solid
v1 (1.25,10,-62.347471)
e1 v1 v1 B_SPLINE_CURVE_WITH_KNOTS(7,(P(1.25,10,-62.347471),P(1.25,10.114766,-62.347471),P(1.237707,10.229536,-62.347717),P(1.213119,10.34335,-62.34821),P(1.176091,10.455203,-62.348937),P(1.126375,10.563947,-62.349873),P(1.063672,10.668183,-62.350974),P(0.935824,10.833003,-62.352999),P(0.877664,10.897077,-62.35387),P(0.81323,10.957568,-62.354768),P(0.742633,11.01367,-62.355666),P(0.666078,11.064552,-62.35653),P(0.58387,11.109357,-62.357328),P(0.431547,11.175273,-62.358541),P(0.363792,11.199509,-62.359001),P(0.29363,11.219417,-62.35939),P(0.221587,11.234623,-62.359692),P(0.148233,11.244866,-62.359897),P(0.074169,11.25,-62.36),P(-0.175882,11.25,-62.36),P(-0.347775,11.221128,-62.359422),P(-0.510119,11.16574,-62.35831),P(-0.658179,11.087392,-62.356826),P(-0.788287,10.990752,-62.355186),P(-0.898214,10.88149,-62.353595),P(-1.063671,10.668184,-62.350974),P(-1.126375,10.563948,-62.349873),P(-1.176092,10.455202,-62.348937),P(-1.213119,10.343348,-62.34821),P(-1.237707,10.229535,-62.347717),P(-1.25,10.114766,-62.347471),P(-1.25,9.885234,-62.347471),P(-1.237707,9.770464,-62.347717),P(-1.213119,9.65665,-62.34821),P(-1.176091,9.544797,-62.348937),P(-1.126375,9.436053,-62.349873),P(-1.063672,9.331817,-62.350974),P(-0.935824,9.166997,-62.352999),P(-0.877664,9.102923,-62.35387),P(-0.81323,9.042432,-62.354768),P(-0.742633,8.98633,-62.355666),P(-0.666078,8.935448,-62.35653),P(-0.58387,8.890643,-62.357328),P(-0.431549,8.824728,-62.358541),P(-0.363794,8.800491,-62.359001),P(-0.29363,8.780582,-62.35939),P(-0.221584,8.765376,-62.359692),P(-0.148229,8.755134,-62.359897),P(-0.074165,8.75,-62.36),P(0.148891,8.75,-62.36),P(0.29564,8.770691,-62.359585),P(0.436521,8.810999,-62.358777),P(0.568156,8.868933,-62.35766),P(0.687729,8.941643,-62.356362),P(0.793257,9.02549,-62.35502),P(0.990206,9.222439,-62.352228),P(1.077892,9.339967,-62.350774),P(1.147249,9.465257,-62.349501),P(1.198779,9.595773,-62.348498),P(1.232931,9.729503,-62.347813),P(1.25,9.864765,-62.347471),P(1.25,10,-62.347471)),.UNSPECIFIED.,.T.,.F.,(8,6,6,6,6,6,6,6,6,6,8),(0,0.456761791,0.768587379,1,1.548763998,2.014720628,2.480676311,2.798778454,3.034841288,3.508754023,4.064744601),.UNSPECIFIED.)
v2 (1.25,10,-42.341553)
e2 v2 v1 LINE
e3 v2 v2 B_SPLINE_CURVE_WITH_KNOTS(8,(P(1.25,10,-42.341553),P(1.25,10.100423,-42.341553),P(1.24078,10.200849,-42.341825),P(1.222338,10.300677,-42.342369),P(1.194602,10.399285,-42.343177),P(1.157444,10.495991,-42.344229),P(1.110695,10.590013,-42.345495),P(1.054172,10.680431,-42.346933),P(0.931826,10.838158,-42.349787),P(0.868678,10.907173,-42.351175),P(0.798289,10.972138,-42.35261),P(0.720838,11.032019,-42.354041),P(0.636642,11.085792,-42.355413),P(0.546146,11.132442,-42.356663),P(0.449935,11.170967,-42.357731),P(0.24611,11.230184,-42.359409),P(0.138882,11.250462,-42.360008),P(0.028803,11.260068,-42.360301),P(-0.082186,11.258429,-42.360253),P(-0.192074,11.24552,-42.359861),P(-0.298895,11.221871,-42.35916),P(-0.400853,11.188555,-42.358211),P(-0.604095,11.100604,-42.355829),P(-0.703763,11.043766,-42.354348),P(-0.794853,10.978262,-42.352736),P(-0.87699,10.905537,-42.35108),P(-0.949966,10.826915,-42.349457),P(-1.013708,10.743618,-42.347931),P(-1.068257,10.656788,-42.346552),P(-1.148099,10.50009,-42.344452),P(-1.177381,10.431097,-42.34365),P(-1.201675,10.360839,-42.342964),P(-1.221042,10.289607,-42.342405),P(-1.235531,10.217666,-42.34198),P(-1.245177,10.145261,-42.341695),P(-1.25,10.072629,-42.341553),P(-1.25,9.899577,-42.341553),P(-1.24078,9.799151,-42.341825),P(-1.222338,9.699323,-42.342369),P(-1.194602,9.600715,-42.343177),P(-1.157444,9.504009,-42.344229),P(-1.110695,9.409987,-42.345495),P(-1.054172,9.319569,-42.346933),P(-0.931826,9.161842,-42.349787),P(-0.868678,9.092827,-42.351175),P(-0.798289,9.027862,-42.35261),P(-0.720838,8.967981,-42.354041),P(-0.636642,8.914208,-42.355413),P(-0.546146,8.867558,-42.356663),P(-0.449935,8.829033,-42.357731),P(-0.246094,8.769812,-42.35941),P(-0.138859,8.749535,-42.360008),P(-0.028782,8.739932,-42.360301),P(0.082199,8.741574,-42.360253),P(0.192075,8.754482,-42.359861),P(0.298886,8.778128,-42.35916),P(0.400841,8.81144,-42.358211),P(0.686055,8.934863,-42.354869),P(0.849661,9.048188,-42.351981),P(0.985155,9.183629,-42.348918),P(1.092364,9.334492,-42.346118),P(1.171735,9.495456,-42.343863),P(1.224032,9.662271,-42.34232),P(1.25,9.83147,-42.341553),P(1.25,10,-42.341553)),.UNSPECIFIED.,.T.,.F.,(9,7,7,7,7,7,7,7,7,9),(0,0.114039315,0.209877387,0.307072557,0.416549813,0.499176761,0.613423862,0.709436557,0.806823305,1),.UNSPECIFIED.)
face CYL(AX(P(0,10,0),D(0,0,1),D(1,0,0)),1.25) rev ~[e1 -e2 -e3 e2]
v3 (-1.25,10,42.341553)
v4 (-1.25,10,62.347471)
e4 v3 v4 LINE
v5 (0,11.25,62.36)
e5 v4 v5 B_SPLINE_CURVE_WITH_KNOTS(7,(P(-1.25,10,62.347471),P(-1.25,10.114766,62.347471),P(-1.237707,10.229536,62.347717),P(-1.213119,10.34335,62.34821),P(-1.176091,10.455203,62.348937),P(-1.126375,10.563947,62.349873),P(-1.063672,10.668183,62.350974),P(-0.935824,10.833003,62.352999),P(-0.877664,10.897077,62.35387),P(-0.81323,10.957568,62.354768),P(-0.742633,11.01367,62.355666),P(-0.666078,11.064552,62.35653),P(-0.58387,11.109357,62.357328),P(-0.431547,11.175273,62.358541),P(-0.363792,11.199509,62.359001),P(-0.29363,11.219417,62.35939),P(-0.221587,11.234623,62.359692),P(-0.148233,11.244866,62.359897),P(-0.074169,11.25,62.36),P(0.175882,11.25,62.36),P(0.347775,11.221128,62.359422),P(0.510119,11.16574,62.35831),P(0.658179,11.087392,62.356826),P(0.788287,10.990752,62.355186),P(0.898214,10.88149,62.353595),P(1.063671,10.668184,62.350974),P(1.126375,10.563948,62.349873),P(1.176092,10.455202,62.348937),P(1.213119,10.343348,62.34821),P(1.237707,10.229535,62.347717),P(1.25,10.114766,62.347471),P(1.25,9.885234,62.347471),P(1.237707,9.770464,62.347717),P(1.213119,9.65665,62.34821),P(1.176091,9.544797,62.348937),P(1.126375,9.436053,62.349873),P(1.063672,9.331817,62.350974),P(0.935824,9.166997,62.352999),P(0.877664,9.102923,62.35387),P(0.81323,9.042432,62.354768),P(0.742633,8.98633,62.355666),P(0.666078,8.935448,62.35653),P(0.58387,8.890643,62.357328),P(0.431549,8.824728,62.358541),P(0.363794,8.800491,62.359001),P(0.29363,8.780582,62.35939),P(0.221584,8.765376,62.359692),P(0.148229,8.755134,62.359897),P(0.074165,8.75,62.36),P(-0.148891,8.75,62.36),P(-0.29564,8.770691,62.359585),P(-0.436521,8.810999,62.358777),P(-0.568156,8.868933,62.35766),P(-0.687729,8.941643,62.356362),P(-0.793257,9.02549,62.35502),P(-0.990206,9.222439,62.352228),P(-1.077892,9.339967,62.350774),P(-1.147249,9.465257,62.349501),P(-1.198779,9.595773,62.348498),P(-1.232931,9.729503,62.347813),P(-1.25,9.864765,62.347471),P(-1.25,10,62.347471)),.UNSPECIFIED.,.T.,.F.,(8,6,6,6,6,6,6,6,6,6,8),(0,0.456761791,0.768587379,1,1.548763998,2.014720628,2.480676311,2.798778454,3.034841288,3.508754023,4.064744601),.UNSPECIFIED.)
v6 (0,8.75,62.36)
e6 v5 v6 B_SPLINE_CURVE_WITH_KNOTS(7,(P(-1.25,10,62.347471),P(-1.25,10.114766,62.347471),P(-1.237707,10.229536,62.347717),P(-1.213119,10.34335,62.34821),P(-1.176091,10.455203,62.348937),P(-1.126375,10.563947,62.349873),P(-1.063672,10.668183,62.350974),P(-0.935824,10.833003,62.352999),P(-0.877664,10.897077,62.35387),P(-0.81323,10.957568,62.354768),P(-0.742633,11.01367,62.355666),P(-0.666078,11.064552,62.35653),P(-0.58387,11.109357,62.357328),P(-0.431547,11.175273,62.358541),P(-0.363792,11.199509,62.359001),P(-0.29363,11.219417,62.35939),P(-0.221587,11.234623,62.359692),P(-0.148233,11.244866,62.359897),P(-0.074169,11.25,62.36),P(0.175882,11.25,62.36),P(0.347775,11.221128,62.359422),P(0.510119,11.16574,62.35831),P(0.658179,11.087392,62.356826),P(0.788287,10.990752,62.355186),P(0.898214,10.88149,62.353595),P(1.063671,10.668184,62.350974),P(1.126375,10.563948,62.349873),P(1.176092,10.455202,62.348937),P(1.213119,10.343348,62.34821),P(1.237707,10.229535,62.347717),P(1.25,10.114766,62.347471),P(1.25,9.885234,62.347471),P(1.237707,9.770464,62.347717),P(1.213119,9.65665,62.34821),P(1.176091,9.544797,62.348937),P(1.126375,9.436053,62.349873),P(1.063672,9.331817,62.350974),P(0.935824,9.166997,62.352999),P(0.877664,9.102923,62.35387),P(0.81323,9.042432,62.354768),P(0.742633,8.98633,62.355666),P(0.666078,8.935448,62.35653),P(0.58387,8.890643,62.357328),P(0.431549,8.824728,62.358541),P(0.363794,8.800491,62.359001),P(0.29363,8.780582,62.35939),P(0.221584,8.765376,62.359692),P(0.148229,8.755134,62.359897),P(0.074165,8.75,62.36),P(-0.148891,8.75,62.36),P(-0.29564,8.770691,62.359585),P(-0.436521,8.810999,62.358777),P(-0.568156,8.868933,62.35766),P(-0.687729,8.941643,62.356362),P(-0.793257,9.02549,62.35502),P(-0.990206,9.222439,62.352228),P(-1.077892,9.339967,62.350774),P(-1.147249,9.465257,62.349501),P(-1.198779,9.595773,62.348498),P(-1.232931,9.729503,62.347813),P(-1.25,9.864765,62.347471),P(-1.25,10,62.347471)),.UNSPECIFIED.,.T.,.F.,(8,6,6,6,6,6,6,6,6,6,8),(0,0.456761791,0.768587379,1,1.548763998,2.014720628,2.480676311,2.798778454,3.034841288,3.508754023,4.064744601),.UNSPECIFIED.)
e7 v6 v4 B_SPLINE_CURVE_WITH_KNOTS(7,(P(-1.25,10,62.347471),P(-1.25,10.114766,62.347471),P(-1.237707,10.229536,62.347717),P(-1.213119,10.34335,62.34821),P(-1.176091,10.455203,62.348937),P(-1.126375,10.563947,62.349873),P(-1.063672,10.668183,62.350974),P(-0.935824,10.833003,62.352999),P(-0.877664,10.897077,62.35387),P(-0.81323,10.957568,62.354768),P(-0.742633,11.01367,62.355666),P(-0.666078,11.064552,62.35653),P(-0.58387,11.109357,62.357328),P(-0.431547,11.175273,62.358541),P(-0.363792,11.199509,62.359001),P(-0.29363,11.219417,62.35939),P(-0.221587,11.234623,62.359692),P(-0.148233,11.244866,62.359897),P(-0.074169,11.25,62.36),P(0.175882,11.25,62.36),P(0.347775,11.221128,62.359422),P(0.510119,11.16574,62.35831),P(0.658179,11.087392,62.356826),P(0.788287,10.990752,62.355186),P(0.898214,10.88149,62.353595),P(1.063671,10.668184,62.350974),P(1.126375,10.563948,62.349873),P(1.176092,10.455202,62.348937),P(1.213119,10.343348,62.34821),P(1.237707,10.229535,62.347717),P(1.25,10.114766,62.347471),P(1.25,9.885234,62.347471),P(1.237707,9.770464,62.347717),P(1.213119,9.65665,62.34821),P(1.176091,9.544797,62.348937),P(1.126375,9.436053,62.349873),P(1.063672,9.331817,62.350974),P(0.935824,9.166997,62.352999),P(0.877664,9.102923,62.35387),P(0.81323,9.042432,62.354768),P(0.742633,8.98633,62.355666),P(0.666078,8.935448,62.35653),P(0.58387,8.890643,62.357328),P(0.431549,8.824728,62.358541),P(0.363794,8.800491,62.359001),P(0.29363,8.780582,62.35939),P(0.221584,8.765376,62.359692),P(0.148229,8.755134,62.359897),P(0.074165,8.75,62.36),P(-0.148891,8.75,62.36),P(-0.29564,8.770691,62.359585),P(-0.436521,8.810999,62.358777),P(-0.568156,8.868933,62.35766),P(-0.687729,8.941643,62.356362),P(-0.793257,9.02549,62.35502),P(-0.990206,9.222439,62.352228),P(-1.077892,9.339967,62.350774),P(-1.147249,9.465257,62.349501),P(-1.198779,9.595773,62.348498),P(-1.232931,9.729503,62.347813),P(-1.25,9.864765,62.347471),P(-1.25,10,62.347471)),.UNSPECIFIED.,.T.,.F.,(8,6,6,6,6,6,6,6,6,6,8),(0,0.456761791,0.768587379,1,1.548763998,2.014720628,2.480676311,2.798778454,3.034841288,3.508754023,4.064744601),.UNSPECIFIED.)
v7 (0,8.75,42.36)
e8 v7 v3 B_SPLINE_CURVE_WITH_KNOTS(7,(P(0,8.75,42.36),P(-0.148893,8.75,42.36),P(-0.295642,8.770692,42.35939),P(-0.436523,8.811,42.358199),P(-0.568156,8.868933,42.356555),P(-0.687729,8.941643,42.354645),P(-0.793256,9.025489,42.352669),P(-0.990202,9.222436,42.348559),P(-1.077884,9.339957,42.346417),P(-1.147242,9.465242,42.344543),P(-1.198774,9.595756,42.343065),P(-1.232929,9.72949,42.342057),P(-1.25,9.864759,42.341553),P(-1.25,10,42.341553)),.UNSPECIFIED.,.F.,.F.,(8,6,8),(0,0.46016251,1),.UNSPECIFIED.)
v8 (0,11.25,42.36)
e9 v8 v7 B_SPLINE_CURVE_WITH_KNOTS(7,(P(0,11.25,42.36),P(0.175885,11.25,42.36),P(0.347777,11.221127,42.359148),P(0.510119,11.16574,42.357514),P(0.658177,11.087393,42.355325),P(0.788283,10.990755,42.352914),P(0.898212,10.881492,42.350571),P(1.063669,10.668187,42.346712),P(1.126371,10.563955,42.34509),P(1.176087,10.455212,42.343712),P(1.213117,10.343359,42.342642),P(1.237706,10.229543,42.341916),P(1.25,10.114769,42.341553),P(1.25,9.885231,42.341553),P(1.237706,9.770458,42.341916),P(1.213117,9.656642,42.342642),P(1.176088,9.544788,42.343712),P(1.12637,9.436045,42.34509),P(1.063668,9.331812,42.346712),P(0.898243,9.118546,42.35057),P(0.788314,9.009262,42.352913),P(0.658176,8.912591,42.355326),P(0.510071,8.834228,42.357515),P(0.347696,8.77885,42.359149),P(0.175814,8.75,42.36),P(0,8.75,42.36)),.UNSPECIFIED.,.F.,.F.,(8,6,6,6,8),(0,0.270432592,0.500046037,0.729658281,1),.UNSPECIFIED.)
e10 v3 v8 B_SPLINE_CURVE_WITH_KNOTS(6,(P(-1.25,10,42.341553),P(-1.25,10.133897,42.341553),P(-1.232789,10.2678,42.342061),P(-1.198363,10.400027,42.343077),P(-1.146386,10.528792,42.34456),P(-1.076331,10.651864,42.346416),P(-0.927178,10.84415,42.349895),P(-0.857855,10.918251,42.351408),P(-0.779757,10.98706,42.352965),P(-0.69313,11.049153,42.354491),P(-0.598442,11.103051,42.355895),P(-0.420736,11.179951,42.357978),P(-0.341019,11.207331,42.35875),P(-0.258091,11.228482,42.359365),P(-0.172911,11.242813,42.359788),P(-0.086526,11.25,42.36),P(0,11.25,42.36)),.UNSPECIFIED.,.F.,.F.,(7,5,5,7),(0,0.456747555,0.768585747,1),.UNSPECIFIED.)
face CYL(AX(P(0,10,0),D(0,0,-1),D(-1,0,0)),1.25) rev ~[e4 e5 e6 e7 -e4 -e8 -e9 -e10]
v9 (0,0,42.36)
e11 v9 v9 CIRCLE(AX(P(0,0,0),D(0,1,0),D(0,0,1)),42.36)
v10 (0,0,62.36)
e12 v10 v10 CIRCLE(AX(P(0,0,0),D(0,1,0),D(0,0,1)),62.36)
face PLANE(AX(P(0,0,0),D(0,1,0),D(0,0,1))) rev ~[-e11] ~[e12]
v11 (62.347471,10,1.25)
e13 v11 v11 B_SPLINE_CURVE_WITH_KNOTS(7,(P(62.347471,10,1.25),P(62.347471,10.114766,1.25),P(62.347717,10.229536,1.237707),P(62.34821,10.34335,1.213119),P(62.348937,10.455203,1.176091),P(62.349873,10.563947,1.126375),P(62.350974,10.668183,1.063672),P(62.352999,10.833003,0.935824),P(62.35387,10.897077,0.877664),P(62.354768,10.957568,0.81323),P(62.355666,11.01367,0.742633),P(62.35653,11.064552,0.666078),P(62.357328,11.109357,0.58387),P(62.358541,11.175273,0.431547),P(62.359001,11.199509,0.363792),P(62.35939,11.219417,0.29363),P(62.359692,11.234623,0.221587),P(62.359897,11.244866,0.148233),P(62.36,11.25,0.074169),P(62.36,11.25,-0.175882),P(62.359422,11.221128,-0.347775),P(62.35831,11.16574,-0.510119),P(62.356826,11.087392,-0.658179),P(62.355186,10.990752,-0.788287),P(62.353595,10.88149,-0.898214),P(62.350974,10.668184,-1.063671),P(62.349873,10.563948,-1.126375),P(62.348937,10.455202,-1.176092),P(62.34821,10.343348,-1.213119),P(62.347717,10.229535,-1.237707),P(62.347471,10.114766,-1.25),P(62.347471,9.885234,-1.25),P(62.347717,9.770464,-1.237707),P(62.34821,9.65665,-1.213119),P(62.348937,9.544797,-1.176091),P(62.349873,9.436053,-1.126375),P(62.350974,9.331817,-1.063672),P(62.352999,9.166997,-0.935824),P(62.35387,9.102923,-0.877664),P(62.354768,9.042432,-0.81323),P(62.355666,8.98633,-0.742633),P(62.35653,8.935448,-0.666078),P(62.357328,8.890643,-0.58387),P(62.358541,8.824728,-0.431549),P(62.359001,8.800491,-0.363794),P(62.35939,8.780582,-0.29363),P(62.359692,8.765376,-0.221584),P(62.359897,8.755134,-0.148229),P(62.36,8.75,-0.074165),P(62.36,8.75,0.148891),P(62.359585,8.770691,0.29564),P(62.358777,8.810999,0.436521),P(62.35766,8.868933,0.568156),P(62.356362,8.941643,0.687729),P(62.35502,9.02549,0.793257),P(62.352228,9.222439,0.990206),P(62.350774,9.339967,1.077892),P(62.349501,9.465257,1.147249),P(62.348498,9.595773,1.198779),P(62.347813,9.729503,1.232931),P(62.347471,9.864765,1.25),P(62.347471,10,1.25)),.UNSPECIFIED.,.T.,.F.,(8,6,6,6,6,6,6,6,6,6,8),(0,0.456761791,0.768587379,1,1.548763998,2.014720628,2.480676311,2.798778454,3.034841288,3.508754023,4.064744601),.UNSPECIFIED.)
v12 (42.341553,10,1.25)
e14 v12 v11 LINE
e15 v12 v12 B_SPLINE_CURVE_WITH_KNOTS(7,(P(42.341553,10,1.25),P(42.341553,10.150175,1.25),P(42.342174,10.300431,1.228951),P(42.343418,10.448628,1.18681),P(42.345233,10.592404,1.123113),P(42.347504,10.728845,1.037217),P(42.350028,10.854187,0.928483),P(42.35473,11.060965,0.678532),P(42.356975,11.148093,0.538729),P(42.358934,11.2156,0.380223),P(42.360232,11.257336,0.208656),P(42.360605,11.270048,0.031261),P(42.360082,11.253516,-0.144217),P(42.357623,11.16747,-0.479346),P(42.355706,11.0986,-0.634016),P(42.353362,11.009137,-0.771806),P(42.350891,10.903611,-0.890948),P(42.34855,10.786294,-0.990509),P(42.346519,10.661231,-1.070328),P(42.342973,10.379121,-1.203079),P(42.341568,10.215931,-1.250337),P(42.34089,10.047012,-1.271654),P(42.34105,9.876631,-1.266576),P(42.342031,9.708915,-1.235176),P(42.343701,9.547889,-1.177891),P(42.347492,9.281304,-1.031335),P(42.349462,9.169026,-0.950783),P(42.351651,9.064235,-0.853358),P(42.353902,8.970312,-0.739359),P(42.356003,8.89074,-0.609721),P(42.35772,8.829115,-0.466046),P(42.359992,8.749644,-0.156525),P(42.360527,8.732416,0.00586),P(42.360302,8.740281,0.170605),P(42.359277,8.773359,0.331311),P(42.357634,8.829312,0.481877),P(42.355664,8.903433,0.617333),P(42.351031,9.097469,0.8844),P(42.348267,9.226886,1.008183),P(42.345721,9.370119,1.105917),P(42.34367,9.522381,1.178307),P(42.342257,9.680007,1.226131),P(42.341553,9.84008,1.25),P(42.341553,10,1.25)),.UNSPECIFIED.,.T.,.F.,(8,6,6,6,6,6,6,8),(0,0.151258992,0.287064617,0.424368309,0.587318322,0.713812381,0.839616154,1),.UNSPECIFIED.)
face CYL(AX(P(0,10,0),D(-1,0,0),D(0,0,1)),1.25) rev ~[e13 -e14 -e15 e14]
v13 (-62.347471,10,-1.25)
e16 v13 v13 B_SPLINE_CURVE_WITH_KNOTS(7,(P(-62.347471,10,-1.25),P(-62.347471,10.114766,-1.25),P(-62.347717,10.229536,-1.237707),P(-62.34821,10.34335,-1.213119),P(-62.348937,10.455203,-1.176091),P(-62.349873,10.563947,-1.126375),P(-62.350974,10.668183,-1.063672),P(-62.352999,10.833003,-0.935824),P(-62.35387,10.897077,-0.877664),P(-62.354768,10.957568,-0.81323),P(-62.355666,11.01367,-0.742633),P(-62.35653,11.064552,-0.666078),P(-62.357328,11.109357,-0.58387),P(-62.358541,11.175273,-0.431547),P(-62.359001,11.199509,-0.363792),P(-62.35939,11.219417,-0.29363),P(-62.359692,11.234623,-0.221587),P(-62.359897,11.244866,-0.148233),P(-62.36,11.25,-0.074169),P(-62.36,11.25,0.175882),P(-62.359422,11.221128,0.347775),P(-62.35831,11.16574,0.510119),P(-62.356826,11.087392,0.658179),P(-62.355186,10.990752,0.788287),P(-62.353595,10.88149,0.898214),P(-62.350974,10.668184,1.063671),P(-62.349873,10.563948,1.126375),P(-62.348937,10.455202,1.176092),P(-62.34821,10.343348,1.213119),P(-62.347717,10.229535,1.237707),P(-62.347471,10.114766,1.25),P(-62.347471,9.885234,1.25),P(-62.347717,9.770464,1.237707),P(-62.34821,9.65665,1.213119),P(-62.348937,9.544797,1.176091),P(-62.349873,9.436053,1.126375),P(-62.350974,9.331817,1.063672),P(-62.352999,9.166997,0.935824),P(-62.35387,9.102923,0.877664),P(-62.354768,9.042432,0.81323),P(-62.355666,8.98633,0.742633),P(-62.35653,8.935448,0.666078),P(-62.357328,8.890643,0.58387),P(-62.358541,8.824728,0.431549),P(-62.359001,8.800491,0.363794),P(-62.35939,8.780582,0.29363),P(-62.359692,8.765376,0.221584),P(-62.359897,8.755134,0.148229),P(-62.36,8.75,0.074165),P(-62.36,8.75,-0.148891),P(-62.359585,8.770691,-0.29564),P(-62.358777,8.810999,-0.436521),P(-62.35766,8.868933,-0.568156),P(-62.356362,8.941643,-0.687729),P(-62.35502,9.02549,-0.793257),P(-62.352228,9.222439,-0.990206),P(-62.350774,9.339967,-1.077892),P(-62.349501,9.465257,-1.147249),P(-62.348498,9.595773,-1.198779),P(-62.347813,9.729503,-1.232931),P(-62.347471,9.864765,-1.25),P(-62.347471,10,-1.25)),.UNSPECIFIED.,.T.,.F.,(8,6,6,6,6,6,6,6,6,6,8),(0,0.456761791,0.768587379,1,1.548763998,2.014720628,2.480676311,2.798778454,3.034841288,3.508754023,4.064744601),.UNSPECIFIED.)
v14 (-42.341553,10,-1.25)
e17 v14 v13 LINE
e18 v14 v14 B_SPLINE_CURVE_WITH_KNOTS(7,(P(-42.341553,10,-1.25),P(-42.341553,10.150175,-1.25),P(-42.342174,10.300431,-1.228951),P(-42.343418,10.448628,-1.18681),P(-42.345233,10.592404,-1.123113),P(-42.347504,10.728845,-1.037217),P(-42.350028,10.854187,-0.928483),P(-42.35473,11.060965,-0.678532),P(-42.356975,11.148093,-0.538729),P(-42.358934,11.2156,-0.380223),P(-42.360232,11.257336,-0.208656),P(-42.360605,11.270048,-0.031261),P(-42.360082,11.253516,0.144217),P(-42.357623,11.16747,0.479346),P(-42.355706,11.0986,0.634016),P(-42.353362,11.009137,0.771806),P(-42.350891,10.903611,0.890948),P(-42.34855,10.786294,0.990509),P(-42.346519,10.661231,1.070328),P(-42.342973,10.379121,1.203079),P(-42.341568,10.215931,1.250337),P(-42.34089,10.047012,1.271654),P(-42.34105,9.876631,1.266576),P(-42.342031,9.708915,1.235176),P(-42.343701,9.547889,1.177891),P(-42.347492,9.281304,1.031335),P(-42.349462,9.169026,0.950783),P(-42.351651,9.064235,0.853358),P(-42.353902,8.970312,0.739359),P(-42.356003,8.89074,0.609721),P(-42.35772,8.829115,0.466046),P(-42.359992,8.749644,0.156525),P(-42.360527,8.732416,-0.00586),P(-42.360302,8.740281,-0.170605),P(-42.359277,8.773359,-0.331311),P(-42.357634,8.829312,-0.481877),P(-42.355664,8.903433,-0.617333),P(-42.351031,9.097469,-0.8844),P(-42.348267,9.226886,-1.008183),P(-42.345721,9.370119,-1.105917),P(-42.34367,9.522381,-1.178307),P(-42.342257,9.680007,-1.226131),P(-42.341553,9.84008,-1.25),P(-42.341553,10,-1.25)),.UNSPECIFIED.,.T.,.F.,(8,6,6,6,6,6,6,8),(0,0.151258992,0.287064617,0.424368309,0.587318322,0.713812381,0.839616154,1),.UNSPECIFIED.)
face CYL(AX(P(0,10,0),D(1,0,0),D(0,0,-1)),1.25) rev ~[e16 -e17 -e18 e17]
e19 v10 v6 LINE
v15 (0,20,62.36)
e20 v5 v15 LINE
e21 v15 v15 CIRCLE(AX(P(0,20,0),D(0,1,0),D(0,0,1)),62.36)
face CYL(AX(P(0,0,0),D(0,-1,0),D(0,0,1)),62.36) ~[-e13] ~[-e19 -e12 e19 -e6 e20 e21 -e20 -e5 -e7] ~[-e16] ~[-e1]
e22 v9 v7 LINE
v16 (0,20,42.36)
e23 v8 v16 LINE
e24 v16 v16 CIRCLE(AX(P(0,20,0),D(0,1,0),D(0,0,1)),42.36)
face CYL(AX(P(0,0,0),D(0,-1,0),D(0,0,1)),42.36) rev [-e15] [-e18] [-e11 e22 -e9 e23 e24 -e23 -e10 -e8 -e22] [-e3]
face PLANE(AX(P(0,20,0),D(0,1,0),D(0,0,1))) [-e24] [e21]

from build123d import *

# Parameters (mm, degrees)
CROQUIS1_R                 = 62.36
CROQUIS1_R_2               = 42.36
SALIENTE_EXTRUIR1_DEPTH    = 20
CORTAR_EXTRUIR1_REACH      = 92.43
CORTAR_EXTRUIR1_END_RADIUS = 62.36
CROQUIS2_R                 = 1.25
MATRIZC1_COUNT             = 4


with BuildPart() as part:
    # Croquis1 → Saliente-Extruir1 (new body)
    with BuildSketch(Plane(origin=(0, 0, 0), x_dir=(1, 0, 0), z_dir=(0, 1, 0))):
        with Locations(Location((0, 0, 0), (0, 0, 270))):
            Circle(CROQUIS1_R)
        with Locations(Location((0, 0, 0), (0, 0, 270))):
            Circle(CROQUIS1_R_2, mode=Mode.SUBTRACT)
    extrude(amount=SALIENTE_EXTRUIR1_DEPTH)

    # Cortar-Extruir1: up to this cylinder (the profile starts inside it)
    cortar_extruir1_end = Plane(origin=(0, 10, 0), z_dir=(0, -1, 0)) * Cylinder(CORTAR_EXTRUIR1_END_RADIUS, 310.58, mode=Mode.PRIVATE)
    # Croquis2 → Cortar-Extruir1 (cut, up to the surface)
    with BuildSketch(Plane.XY, mode=Mode.PRIVATE) as cortar_extruir1_sk1:
        with Locations((0, 10)):
            Circle(CROQUIS2_R)
    cortar_extruir1_tool1 = extrude(cortar_extruir1_sk1.sketch, amount=-CORTAR_EXTRUIR1_REACH, mode=Mode.PRIVATE) & cortar_extruir1_end
    cortar_extruir1 = cortar_extruir1_tool1.solids().sort_by_distance((0, 10, 0))[0]
    add(cortar_extruir1, mode=Mode.SUBTRACT)

    # MatrizC1: Cortar-Extruir1 ×4 about axis
    matrizc1_axis = Axis((0, 20, 0), (0, 1, 0))
    for i in range(1, MATRIZC1_COUNT):
        add(cortar_extruir1.rotate(matrizc1_axis, i * 360 / MATRIZC1_COUNT), mode=Mode.SUBTRACT)


solid = part.part
